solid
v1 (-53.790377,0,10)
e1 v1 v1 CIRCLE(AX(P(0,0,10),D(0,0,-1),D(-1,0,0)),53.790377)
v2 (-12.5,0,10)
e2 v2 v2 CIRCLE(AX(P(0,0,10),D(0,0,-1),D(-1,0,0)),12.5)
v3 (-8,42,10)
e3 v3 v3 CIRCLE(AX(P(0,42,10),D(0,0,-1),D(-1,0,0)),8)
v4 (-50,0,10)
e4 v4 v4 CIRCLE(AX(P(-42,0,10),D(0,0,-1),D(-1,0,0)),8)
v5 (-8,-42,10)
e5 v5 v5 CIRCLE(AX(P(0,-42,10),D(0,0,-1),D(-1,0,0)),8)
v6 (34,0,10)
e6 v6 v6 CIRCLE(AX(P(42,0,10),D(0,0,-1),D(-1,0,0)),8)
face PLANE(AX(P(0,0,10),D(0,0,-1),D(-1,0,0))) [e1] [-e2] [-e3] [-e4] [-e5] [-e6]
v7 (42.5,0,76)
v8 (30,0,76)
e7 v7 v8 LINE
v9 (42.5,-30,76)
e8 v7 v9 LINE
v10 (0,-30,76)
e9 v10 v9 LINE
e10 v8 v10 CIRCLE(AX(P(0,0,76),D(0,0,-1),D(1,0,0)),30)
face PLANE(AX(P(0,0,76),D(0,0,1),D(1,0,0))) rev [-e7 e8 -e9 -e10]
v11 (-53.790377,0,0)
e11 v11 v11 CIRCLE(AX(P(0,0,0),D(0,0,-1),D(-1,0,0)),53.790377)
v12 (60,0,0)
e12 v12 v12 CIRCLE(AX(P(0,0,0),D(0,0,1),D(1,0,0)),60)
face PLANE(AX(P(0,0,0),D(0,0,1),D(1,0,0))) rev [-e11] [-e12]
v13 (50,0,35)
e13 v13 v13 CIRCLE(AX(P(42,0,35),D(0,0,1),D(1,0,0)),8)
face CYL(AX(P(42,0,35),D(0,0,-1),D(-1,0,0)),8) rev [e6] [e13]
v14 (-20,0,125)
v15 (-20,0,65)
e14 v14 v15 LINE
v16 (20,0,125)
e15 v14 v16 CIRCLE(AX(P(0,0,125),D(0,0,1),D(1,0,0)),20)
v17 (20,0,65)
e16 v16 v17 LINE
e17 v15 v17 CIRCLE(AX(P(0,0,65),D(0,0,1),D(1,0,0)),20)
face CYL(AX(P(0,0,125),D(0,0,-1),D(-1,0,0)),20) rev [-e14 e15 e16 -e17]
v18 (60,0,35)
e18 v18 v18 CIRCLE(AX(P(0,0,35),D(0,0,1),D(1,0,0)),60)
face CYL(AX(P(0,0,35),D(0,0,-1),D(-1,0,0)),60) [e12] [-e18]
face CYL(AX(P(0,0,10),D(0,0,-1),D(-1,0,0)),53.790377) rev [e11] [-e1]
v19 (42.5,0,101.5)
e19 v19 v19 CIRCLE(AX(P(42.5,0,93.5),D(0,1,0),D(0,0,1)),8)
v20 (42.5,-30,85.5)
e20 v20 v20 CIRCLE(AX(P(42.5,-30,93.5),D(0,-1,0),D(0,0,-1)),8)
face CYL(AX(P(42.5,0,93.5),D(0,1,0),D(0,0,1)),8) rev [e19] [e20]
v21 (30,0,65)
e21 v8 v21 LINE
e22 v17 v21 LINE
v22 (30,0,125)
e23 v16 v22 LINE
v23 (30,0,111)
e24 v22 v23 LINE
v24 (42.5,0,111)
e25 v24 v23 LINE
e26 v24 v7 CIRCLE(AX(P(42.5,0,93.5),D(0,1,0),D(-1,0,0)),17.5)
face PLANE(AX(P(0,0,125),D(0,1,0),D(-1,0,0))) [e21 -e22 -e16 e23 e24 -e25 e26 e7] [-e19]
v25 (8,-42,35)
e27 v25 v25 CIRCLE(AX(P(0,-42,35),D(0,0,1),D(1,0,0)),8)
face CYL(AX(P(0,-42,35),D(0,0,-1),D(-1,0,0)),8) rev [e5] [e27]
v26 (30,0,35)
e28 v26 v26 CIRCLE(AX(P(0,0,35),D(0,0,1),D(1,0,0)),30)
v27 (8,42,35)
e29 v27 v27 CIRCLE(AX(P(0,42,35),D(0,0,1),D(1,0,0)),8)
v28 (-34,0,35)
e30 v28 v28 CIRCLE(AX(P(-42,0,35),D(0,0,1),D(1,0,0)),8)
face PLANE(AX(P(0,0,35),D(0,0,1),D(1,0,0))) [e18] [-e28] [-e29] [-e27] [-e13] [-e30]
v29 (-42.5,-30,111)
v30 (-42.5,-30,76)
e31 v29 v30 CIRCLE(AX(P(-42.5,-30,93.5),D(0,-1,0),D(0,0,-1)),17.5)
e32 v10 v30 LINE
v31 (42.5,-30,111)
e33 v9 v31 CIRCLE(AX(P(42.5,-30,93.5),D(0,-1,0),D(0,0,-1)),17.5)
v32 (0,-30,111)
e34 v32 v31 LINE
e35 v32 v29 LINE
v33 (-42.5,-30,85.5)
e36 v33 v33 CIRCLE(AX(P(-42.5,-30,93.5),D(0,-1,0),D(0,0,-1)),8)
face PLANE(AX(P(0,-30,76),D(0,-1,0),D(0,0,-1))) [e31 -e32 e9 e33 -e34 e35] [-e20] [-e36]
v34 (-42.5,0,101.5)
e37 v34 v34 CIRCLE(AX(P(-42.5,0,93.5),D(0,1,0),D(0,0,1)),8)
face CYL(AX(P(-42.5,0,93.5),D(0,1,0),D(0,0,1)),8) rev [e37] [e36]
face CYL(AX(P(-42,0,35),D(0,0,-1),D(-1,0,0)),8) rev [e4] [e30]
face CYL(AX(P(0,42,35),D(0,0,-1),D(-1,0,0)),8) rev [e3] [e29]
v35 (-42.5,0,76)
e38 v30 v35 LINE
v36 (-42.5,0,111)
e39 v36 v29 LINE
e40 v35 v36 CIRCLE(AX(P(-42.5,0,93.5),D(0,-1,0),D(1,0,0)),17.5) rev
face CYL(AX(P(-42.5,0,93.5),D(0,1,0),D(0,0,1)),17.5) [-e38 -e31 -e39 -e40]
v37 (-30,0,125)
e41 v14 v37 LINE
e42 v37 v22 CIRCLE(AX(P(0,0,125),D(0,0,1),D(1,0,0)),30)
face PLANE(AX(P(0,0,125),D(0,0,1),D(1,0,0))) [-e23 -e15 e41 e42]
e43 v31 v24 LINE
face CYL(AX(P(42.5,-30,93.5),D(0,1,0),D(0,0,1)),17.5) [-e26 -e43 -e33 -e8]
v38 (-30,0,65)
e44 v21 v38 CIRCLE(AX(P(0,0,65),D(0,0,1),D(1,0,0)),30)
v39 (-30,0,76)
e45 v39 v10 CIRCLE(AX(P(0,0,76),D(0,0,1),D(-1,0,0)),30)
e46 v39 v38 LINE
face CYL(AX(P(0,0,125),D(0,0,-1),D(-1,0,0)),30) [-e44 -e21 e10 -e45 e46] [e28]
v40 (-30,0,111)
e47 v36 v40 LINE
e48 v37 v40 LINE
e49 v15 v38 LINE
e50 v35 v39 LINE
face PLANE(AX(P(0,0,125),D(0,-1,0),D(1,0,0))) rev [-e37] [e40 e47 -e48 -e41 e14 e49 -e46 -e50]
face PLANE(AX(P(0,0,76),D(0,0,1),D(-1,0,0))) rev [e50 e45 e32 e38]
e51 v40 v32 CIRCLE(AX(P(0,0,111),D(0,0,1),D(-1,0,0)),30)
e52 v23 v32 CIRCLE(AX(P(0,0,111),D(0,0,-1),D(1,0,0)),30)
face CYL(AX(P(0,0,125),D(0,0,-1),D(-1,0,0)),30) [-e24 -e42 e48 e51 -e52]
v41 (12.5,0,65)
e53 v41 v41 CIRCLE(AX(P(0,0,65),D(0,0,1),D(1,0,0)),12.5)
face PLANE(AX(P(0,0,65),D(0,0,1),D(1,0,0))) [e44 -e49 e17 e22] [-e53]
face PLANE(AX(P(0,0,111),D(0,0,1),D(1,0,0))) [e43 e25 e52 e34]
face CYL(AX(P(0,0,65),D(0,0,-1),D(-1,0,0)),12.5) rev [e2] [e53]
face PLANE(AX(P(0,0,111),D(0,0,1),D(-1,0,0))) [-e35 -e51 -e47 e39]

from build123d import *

# Parameters (mm, degrees)
BOSS_EXTRUDE1_DEPTH         = 125
SKETCH1_4_R                 = 12.5
BOSS_EXTRUDE2_DEPTH         = 65
SKETCH1_5_R                 = 60
SKETCH1_5_R_2               = 8
SKETCH1_5_R_3               = 30
BOSS_EXTRUDE3_DEPTH         = 35
BOSS_EXTRUDE4_START         = -49
BOSS_EXTRUDE4_DEPTH         = 35
FILLET1_RADIUS              = 17.5
FILLET1_LENGTH              = 30
F_16_0_16_DIAMETER_HOLE1_D  = 16
FILLET1_OF_MIRROR1_2_RADIUS = 17.5
FILLET1_OF_MIRROR1_2_LENGTH = 30
SKETCH5_R                   = 53.79037733
CUT_EXTRUDE2_DEPTH          = 10


with BuildPart() as part:
    # Sketch1 → Boss-Extrude1 (new body)
    with BuildSketch(Plane.XY):
        with BuildLine():
            Line((30, 0), (20, 0))
            ThreePointArc((20, 0), (0, -20), (-20, 0))
            Line((-20, 0), (-30, 0))
            ThreePointArc((-30, 0), (0, -30), (30, 0))
        make_face()
    extrude(amount=BOSS_EXTRUDE1_DEPTH)

    # Sketch1<4> → Boss-Extrude2 (add)
    with BuildSketch(Plane.XY):
        with BuildLine():
            ThreePointArc((-20, 0), (0, -20), (20, 0))
            Line((20, 0), (30, 0))
            ThreePointArc((30, 0), (0, 30), (-30, 0))
            Line((-30, 0), (-20, 0))
        make_face()
        Circle(SKETCH1_4_R, mode=Mode.SUBTRACT)
    extrude(amount=BOSS_EXTRUDE2_DEPTH)

    # Sketch1<5> → Boss-Extrude3 (add)
    with BuildSketch(Plane.XY):
        Circle(SKETCH1_5_R)
        with Locations((0, 42)):
            Circle(SKETCH1_5_R_2, mode=Mode.SUBTRACT)
        with Locations((-42, 0)):
            Circle(SKETCH1_5_R_2, mode=Mode.SUBTRACT)
        with Locations((0, -42)):
            Circle(SKETCH1_5_R_2, mode=Mode.SUBTRACT)
        with Locations((42, 0)):
            Circle(SKETCH1_5_R_2, mode=Mode.SUBTRACT)
        Circle(SKETCH1_5_R_3, mode=Mode.SUBTRACT)
    extrude(amount=BOSS_EXTRUDE3_DEPTH)

    # Sketch2 → Boss-Extrude4 (add)
    with BuildSketch(Plane.XY.offset(125).offset(BOSS_EXTRUDE4_START)):
        with BuildLine():
            Line((30, 0), (60, 0))
            Line((60, 0), (60, -26.364821455))
            Line((60, -26.364821455), (60, -30))
            Line((60, -30), (0, -30))
            ThreePointArc((0, -30), (21.213203436, -21.213203436), (30, 0))
        make_face()
    boss_extrude4 = extrude(amount=BOSS_EXTRUDE4_DEPTH)

    # Fillet1: full round fillet: the end face becomes a half cylinder, R = half its width
    fillet1_face = Plane((60, -15, 93.5), x_dir=(0, 1, 0), z_dir=(1, 0, 0))  # on the end face: x along it, z out of the body
    fillet1_slab = fillet1_face.offset(-FILLET1_RADIUS / 2) * Box(FILLET1_LENGTH, 2 * FILLET1_RADIUS, FILLET1_RADIUS, mode=Mode.PRIVATE)  # the body's end, R deep
    fillet1_round = Plane((42.5, -15, 93.5), x_dir=(1, 0, 0), z_dir=(0, 1, 0)) * Cylinder(FILLET1_RADIUS, FILLET1_LENGTH, mode=Mode.PRIVATE)  # its axis R under the face
    add(fillet1_slab - fillet1_round, mode=Mode.SUBTRACT)

    # Ø16.0 (16) Diameter Hole1 (through all)
    with Locations(Plane(origin=(42.5, 0, 93.5), x_dir=(1, 0, 0), z_dir=(0, 1, 0))):
        with Locations((0, 0)):
            f_16_0_16_diameter_hole1 = Hole(F_16_0_16_DIAMETER_HOLE1_D / 2)

    # Mirror1: Boss-Extrude4, Ø16.0 (16) Diameter Hole1 across plane
    add(boss_extrude4.mirror(Plane(origin=(0, 0, 0), x_dir=(0, 0, 1), z_dir=(1, 0, 0))))
    add(f_16_0_16_diameter_hole1.mirror(Plane(origin=(0, 0, 0), x_dir=(0, 0, 1), z_dir=(1, 0, 0))), mode=Mode.SUBTRACT)

    # Fillet1 of Mirror1 2: full round fillet: the end face becomes a half cylinder, R = half its width
    fillet1_of_mirror1_2_face = Plane((-60, -15, 93.5), x_dir=(0, 1, 0), z_dir=(-1, 0, 0))  # on the end face: x along it, z out of the body
    fillet1_of_mirror1_2_slab = fillet1_of_mirror1_2_face.offset(-FILLET1_OF_MIRROR1_2_RADIUS / 2) * Box(FILLET1_OF_MIRROR1_2_LENGTH, 2 * FILLET1_OF_MIRROR1_2_RADIUS, FILLET1_OF_MIRROR1_2_RADIUS, mode=Mode.PRIVATE)  # the body's end, R deep
    fillet1_of_mirror1_2_round = Plane((-42.5, -15, 93.5), x_dir=(-1, 0, 0), z_dir=(0, 1, 0)) * Cylinder(FILLET1_OF_MIRROR1_2_RADIUS, FILLET1_OF_MIRROR1_2_LENGTH, mode=Mode.PRIVATE)  # its axis R under the face
    add(fillet1_of_mirror1_2_slab - fillet1_of_mirror1_2_round, mode=Mode.SUBTRACT)

    # Sketch5 → Cut-Extrude2 (cut)
    with BuildSketch(Plane(origin=(0, 0, 0), x_dir=(-1, 0, 0), z_dir=(0, 0, -1))):
        Circle(SKETCH5_R)
    extrude(amount=-CUT_EXTRUDE2_DEPTH, mode=Mode.SUBTRACT)


solid = part.part
